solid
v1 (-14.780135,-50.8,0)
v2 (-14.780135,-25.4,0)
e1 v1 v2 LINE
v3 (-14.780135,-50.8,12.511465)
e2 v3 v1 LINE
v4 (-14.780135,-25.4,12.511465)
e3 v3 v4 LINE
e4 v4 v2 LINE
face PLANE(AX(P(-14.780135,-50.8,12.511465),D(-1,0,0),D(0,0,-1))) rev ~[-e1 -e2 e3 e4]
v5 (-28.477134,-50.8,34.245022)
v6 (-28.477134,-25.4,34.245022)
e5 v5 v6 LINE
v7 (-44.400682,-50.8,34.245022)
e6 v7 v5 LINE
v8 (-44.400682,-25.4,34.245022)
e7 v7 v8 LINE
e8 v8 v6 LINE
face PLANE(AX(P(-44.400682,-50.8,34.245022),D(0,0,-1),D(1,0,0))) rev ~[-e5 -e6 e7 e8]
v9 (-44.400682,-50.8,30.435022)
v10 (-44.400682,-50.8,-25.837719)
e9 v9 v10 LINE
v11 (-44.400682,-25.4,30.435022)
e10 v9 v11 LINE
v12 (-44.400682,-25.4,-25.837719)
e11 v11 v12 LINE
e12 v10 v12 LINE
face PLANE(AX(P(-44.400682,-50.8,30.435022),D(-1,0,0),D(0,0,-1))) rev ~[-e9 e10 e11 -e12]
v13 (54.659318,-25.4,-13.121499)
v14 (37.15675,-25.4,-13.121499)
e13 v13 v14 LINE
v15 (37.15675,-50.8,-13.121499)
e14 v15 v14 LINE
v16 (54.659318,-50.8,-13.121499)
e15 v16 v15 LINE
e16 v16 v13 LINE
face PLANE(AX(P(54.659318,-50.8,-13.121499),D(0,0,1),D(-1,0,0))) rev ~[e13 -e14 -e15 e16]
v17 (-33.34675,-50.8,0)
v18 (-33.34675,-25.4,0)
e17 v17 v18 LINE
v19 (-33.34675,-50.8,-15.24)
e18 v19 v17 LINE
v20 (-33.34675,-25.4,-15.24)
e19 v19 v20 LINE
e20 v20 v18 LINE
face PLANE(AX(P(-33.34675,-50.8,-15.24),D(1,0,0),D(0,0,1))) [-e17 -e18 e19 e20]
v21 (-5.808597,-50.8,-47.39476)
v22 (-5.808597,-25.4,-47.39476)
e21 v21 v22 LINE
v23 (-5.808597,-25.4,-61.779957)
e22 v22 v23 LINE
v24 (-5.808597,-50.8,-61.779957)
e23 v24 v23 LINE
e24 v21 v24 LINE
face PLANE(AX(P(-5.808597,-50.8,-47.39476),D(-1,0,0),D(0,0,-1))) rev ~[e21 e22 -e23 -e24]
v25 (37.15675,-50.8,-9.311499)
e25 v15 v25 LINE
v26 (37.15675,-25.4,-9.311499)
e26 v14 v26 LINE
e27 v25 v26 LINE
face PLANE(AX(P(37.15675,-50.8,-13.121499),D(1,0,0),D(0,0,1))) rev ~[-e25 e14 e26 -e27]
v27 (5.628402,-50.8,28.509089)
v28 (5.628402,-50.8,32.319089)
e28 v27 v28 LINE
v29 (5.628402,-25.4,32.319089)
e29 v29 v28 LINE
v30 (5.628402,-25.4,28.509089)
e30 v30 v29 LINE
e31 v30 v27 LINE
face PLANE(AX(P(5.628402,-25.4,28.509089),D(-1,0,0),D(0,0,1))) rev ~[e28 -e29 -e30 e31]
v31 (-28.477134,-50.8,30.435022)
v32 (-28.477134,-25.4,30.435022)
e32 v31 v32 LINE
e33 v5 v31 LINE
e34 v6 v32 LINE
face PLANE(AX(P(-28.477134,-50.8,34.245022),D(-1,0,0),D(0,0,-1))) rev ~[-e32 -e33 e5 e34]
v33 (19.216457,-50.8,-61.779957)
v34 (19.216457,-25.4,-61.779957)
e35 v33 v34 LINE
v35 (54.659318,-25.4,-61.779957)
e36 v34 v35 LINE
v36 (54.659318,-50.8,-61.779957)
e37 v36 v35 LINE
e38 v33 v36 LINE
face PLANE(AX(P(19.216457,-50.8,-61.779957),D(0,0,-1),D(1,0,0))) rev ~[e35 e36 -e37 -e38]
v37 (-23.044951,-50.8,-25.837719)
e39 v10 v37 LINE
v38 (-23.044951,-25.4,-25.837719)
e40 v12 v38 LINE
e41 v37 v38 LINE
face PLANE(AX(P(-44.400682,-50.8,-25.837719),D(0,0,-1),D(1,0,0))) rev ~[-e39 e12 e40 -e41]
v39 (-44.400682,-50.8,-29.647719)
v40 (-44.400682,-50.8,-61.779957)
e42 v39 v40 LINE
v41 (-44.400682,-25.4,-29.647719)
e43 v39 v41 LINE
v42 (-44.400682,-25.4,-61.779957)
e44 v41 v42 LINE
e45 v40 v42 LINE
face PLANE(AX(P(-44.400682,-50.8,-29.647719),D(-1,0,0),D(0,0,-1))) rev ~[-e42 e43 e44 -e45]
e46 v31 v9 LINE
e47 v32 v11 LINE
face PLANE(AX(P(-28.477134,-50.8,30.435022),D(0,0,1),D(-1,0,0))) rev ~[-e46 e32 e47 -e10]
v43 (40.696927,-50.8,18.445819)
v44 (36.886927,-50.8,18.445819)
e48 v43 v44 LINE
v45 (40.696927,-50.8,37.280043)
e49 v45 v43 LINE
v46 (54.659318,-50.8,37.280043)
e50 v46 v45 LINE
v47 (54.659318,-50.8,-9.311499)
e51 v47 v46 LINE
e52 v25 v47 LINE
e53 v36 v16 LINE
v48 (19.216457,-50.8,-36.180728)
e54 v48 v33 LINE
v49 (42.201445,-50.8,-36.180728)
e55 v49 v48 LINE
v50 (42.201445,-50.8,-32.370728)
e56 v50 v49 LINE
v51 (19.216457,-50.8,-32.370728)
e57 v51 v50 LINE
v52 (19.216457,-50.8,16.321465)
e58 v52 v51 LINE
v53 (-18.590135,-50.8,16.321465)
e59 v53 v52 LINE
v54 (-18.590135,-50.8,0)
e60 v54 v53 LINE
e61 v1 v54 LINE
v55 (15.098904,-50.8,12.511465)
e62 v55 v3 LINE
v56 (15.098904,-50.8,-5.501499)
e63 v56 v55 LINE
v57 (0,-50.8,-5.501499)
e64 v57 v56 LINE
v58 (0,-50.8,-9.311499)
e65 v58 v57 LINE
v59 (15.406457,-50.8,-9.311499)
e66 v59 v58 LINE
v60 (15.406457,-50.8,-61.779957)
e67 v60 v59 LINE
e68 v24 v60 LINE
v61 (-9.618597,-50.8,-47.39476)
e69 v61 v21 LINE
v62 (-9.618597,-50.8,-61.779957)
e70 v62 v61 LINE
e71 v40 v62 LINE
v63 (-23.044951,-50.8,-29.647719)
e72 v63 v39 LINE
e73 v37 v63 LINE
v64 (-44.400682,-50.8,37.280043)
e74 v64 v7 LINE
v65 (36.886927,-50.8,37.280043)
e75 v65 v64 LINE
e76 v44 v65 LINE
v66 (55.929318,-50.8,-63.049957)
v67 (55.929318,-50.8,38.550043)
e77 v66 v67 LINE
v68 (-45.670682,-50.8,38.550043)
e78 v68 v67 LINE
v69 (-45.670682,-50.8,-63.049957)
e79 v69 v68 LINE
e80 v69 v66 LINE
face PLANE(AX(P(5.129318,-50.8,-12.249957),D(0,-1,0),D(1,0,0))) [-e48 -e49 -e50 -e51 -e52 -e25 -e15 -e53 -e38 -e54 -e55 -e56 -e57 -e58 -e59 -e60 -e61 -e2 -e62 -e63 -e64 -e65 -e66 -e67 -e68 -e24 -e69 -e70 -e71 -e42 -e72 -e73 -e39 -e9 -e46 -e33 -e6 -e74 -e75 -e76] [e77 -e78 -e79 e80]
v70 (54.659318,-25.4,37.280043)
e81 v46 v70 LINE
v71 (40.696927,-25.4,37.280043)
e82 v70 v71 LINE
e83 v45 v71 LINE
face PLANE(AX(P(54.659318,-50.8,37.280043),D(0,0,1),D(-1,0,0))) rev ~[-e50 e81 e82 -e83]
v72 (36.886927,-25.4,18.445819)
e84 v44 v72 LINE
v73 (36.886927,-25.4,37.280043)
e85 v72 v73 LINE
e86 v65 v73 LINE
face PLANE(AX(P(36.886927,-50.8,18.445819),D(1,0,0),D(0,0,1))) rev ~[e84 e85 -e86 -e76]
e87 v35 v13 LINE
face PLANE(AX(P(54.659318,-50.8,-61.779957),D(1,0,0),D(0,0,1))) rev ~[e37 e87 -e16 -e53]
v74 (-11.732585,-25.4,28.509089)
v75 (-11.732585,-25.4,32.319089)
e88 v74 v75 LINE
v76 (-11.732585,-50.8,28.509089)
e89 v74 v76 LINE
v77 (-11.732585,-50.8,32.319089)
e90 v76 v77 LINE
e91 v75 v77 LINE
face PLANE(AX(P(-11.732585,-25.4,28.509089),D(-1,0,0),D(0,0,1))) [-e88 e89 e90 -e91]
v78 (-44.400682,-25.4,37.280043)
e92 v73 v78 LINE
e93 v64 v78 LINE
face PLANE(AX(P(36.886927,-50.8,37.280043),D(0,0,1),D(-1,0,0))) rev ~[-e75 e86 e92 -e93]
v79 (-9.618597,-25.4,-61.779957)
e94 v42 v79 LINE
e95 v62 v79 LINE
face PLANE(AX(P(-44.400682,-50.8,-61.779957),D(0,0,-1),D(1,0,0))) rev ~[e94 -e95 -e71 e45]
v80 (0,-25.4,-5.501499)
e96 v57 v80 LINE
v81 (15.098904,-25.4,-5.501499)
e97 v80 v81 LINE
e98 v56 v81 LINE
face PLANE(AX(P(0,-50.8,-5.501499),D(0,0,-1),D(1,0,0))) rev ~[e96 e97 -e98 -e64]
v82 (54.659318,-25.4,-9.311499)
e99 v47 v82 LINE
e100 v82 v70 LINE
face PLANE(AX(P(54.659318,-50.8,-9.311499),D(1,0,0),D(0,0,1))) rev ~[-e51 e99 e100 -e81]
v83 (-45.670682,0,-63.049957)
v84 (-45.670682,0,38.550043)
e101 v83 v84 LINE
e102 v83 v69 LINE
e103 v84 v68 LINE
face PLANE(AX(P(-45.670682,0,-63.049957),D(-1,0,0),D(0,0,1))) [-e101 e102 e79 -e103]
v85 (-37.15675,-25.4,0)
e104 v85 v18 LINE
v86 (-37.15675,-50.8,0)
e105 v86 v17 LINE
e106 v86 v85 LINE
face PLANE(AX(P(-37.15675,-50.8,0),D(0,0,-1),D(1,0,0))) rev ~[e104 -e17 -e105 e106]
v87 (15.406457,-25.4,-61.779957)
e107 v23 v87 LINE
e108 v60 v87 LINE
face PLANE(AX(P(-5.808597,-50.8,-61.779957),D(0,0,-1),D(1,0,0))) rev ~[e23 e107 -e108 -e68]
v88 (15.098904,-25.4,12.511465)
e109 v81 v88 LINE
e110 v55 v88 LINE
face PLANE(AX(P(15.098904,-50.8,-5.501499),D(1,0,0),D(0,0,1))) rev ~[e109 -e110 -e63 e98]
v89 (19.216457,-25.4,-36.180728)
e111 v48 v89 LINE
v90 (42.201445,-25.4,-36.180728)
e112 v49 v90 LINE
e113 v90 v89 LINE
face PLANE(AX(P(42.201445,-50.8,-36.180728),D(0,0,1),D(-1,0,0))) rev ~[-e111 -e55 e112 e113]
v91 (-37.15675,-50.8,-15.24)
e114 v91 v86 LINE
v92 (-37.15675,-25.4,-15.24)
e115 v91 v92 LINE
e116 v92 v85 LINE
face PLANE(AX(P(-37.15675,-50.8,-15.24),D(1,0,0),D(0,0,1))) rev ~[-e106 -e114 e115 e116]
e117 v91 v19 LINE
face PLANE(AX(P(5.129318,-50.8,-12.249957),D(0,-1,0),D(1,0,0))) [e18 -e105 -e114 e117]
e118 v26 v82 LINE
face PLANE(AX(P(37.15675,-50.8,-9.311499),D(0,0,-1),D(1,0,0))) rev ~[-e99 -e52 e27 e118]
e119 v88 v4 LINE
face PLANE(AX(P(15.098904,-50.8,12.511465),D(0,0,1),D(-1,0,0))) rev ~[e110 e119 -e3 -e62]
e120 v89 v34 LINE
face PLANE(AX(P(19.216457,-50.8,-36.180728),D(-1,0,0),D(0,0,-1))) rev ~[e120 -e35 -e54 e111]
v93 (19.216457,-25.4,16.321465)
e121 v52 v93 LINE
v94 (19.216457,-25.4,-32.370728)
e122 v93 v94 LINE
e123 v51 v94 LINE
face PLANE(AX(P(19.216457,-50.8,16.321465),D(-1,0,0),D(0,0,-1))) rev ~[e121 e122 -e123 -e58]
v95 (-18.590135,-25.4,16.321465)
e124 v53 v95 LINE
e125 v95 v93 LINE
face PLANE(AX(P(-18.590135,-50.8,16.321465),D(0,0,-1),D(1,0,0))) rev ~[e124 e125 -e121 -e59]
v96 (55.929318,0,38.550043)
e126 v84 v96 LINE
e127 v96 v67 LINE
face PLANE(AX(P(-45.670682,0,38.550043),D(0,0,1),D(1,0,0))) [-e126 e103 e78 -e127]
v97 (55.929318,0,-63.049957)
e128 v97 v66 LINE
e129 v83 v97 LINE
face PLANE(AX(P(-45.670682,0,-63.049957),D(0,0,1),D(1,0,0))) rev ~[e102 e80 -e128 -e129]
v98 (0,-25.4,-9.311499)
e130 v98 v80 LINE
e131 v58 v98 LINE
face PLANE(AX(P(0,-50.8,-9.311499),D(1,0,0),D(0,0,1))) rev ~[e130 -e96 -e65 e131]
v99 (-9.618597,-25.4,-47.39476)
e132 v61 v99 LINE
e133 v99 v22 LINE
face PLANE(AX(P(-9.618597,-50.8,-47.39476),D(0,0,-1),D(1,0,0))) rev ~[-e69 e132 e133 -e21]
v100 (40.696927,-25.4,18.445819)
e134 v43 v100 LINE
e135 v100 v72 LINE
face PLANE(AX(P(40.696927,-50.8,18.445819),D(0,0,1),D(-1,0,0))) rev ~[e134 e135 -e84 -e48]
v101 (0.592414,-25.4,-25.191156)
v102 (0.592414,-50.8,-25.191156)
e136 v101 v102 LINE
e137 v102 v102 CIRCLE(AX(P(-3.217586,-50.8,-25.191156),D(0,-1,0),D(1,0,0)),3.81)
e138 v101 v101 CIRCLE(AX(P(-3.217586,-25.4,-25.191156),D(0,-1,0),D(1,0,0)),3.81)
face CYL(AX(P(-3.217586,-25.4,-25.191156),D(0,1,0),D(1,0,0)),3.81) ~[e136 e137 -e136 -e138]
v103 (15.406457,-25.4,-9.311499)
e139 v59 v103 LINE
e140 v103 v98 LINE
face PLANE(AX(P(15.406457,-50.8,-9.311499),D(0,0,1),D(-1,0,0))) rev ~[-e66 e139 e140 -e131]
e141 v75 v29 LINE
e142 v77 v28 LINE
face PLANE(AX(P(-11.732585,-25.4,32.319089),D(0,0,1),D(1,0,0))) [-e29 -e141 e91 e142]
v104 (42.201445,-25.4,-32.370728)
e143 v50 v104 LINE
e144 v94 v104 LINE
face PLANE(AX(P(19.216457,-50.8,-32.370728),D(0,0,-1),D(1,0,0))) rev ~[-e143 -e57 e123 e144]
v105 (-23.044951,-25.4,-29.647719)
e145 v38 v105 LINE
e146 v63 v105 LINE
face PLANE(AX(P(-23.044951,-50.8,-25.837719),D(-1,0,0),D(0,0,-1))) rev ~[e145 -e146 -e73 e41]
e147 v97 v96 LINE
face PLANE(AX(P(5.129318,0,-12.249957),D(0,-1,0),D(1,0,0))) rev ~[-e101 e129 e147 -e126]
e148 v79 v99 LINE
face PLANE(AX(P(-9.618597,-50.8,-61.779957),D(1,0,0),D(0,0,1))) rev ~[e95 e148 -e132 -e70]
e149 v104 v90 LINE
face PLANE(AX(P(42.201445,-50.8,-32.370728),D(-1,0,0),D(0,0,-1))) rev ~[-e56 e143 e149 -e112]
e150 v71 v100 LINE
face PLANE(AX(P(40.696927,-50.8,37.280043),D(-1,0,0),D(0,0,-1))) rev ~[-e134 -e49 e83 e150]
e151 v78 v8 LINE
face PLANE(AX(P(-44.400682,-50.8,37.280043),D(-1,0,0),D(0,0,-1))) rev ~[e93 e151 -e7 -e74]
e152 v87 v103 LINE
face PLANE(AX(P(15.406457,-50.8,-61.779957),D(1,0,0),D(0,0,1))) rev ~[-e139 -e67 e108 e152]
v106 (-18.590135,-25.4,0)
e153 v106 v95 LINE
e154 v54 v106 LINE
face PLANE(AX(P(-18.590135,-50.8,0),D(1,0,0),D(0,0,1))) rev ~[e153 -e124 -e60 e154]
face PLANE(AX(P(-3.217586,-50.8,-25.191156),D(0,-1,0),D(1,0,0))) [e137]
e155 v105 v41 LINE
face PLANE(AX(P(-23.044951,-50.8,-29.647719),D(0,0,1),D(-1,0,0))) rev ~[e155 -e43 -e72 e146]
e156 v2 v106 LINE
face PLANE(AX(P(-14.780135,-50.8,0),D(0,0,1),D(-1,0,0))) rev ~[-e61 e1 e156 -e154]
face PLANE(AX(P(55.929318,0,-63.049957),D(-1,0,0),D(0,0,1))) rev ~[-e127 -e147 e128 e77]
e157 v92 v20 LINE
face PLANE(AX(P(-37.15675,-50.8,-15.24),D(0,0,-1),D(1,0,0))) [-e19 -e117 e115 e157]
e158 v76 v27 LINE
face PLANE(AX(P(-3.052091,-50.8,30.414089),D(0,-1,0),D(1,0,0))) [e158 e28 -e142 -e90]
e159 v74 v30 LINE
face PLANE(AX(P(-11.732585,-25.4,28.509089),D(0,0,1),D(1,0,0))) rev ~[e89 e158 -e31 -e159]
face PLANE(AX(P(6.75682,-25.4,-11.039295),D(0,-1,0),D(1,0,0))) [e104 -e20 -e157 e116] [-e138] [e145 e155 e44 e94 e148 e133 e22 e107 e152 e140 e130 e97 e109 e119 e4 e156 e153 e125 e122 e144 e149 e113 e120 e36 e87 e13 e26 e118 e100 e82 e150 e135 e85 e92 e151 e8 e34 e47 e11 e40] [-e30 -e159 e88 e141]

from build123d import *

# Parameters (mm, degrees)
F0_W     = 101.6
F0_H     = 101.6
F1_DEPTH = 50.8
F2_R     = 6.35
F2_W     = 3.81
F2_H     = 15.24
F3_DEPTH = 25.4
F4_DEPTH = 25.4
F5_R     = 3.81
F6_DEPTH = 25.4
F7_W     = 17.3609867041
F7_H     = 3.81
F8_DEPTH = 25.4


with BuildPart() as f1:
    # F0 (on Front) → F1 (new body)
    with BuildSketch(Plane.XZ):
        with Locations((5.1293180704, -12.2499571562)):
            Rectangle(F0_W, F0_H)
    extrude(amount=F1_DEPTH)

    # F2 (on face) → F3 (cut)
    with BuildSketch(Plane.XZ.offset(50.8)):
        Polygon((-44.4006819296, -61.7799571562), (-9.6185971051, -61.7799571562), (-9.6185971051, -47.394759953), (-5.8085971051, -47.394759953), (-5.8085971051, -61.7799571562), (15.406456776, -61.7799571562), (15.406456776, -9.3114990741), (0, -9.3114990741), (0, -5.5014990741), (15.0989042595, -5.5014990741), (15.0989042595, 12.511465373), (-14.7801354998, 12.511465373), (-14.7801354998, 0), (-18.5901354998, 0), (-18.5901354998, 16.321465373), (19.216456776, 16.321465373), (19.216456776, -9.3114990741), (19.216456776, -32.3707281151), (42.2014451125, -32.3707281151), (42.2014451125, -36.1807281151), (19.216456776, -36.1807281151), (19.216456776, -61.7799571562), (54.6593180704, -61.7799571562), (54.6593180704, -13.1214990741), (37.1567495167, -13.1214990741), (37.1567495167, -9.3114990741), (54.6593180704, -9.3114990741), (54.6593180704, 37.2800428438), (40.6969267404, 37.2800428438), (40.6969267404, 18.445818873), (36.8869267404, 18.445818873), (36.8869267404, 37.2800428438), (-44.4006819296, 37.2800428438), (-44.4006819296, 34.2450219667), (-28.477134183, 34.2450219667), (-28.477134183, 30.4350219667), (-44.4006819296, 30.4350219667), (-44.4006819296, -25.837719115), (-23.0449512601, -25.837719115), (-23.0449512601, -29.647719115), (-44.4006819296, -29.647719115), align=None)
        with Locations((42.5943210721, -53.744759953)):
            Circle(F2_R, mode=Mode.SUBTRACT)
        with Locations((-35.2517495167, -7.62)):
            Rectangle(F2_W, F2_H, mode=Mode.SUBTRACT)
    extrude(amount=-F3_DEPTH, mode=Mode.SUBTRACT)

    # F4 (cut): a face of the model
    f4_faces = [f1.faces().sort_by_distance(p)[0] for p in [
        (42.5943210721, -50.8, -53.744759953),
    ]]
    extrude(f4_faces, amount=-F4_DEPTH, mode=Mode.SUBTRACT)

    # F5 (on face) → F6 (join)
    with BuildSketch(Plane.XZ.offset(25.4)):
        with Locations((-3.2175863162, -25.1911561936)):
            Circle(F5_R)
    extrude(amount=F6_DEPTH)

    # F7 (on face) → F8 (join)
    with BuildSketch(Plane.XZ.offset(25.4)):
        with Locations((-3.052091491, 30.4140888332)):
            Rectangle(F7_W, F7_H)
    extrude(amount=F8_DEPTH)


solid = f1.part
